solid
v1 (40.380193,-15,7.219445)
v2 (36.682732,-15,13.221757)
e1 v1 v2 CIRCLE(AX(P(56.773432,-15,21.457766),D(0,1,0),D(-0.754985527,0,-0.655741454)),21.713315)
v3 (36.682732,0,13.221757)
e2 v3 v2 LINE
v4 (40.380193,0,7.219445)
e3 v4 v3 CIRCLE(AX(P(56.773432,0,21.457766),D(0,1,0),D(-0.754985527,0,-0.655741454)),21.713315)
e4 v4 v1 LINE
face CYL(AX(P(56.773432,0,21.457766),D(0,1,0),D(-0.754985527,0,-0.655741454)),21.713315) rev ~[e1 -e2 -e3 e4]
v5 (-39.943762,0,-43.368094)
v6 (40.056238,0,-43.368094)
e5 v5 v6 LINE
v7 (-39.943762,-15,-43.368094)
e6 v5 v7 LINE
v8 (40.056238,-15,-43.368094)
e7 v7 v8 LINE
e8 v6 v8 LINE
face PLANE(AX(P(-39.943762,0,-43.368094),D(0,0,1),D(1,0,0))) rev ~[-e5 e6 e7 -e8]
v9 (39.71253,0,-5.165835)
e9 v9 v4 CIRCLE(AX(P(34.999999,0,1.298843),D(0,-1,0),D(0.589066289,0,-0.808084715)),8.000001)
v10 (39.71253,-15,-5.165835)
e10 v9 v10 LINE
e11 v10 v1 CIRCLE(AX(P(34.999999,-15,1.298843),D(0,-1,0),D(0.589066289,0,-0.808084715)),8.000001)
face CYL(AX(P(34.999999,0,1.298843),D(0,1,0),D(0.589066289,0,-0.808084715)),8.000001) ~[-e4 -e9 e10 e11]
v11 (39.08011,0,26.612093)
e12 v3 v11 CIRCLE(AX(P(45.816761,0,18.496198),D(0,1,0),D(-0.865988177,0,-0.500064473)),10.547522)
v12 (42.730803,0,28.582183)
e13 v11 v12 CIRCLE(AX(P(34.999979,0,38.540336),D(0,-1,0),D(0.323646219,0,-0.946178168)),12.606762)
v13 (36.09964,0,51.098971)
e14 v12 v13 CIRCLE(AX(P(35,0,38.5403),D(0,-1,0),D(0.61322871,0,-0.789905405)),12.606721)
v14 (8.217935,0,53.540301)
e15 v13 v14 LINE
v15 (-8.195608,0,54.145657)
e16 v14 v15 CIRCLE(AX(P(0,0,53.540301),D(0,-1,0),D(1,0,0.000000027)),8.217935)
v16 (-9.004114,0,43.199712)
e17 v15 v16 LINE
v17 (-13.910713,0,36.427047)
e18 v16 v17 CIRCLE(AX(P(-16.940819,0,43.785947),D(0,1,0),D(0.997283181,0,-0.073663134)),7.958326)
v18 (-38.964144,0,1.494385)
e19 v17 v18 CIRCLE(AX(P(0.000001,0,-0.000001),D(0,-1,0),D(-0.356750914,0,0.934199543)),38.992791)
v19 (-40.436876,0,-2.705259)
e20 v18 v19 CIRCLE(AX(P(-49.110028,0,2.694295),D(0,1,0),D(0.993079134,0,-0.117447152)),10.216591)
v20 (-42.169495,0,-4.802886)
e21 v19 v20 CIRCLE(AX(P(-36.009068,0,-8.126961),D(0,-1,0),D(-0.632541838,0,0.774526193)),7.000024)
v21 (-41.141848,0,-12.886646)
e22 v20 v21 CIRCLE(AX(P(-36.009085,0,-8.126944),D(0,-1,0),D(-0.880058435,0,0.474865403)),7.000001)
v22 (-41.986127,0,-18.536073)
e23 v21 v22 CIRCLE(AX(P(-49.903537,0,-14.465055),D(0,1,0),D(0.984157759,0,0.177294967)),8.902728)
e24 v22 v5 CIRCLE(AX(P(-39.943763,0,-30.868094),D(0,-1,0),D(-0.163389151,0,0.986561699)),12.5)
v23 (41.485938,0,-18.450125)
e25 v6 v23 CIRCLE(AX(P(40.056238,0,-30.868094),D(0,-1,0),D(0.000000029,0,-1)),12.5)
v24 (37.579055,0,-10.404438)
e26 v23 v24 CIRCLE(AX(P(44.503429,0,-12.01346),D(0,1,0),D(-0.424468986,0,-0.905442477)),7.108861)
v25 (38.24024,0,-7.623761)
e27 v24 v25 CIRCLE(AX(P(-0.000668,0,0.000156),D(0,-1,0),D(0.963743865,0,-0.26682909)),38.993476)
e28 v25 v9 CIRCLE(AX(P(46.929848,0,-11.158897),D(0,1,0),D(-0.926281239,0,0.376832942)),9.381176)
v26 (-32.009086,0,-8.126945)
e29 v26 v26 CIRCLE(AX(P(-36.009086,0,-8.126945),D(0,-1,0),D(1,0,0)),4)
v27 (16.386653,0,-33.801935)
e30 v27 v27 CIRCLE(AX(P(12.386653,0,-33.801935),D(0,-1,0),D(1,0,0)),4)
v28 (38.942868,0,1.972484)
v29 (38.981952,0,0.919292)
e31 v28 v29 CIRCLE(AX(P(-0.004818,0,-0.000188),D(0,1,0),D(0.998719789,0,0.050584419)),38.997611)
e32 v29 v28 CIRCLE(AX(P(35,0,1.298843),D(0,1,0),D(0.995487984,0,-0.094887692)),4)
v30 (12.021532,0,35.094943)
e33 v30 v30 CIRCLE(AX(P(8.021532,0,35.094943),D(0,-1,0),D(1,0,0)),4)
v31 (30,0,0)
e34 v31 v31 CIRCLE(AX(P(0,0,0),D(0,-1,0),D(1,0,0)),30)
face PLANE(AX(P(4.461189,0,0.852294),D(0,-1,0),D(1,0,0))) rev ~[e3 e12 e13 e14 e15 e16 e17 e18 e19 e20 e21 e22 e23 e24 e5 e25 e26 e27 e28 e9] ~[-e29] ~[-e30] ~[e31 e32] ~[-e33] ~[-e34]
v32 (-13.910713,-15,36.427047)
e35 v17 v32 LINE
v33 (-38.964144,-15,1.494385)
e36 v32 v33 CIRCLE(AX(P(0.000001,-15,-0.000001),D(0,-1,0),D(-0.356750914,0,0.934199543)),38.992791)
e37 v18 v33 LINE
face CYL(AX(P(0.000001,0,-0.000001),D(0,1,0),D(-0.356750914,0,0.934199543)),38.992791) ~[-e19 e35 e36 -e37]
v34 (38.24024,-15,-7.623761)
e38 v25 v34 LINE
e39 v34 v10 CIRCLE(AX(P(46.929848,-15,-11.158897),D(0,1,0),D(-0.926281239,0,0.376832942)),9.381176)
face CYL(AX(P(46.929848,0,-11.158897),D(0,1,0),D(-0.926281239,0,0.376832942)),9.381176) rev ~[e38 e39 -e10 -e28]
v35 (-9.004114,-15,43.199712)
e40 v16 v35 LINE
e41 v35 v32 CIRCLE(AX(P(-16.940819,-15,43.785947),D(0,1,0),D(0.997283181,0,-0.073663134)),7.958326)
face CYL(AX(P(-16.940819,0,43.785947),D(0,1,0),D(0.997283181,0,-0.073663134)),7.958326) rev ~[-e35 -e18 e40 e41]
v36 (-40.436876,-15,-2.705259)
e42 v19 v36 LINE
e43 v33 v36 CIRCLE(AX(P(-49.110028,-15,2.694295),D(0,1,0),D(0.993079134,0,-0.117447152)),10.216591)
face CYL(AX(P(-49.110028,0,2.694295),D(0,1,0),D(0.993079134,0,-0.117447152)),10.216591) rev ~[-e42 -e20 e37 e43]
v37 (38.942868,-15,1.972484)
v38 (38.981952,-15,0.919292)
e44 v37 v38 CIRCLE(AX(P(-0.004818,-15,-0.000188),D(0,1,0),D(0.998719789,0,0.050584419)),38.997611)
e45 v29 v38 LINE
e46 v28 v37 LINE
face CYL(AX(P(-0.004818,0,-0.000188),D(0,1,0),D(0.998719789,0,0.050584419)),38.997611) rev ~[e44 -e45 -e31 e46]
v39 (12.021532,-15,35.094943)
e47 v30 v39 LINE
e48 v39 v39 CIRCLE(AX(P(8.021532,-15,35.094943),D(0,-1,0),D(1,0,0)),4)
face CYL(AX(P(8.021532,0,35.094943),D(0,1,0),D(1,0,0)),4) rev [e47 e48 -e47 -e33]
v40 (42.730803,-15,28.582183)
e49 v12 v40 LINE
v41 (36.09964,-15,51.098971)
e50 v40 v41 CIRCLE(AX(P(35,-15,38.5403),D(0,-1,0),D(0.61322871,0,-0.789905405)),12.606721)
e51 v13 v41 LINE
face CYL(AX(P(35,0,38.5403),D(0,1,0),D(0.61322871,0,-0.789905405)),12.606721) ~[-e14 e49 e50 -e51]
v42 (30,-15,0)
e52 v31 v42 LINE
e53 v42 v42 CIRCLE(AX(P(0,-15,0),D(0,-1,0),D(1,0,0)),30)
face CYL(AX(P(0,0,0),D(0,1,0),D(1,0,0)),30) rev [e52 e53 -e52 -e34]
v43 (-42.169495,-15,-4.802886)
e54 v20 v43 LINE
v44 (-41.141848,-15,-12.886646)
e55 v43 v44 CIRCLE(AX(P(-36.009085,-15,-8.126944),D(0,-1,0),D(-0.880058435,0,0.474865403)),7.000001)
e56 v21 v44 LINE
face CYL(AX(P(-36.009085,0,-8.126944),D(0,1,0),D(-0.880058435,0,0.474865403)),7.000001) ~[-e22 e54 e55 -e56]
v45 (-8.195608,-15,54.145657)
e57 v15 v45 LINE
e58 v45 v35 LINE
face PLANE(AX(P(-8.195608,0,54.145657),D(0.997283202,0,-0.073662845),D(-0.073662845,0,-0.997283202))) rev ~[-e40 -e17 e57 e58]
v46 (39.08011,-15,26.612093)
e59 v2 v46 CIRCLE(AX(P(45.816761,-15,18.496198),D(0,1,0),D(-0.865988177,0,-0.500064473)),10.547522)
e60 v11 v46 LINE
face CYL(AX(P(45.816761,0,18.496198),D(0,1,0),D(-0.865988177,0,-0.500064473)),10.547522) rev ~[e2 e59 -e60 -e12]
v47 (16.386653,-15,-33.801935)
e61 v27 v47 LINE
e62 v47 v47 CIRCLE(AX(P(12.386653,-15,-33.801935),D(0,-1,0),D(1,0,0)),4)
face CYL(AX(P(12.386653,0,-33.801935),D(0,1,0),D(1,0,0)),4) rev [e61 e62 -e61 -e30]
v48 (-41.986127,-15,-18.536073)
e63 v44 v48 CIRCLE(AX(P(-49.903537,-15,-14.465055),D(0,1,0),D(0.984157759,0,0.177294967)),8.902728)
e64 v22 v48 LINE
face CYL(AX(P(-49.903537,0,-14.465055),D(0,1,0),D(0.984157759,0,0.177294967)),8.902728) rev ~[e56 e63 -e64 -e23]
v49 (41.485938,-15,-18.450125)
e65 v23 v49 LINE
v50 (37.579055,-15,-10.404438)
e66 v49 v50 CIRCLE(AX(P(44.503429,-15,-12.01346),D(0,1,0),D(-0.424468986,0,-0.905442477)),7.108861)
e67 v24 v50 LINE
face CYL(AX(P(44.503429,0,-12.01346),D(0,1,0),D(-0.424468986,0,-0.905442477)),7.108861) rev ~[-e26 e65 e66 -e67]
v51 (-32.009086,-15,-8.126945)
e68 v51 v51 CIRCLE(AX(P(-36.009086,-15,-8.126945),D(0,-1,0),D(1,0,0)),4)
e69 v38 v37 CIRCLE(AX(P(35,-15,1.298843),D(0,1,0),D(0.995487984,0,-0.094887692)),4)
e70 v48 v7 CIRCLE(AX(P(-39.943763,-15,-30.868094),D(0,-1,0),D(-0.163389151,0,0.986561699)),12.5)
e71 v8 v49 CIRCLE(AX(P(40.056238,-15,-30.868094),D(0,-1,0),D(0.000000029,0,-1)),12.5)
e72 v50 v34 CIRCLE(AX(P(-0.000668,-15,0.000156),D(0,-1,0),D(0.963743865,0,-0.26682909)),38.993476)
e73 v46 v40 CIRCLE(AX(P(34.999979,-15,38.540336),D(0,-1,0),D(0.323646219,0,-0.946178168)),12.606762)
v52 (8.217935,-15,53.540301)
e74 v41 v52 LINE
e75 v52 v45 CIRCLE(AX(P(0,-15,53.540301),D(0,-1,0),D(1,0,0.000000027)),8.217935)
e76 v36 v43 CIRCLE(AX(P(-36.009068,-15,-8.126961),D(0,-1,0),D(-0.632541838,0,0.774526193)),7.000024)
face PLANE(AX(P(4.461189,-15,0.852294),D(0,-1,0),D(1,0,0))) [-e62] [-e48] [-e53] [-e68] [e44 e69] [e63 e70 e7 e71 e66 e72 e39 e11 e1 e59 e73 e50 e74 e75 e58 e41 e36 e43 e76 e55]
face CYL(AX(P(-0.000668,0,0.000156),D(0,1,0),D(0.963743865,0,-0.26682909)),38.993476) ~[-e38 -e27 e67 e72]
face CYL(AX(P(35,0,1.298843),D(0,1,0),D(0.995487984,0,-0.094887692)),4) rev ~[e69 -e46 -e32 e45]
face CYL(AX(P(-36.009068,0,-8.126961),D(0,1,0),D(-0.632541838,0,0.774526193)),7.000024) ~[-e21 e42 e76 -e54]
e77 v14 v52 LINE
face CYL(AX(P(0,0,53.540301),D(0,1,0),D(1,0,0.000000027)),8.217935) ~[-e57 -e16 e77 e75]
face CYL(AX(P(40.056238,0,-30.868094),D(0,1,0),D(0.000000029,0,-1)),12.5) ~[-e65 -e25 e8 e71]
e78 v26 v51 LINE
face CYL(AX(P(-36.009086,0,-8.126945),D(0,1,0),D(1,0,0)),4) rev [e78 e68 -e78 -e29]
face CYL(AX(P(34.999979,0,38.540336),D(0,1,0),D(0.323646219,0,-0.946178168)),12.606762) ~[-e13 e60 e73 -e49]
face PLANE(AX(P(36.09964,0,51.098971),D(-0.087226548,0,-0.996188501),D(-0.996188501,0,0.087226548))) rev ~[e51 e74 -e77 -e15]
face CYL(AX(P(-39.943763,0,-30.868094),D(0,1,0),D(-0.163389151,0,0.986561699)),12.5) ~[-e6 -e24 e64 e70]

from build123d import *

# Parameters (mm, degrees)
F0_R     = 4
F0_R_2   = 30
F1_DEPTH = 15


with BuildPart() as f1:
    # F0 (on Front) → F1 (new body)
    with BuildSketch(Plane.XZ):
        with BuildLine():
            ThreePointArc((-9.004114, 43.199712), (-10.496055, 39.116903), (-13.910713, 36.427047))
            ThreePointArc((-13.910713, 36.427047), (-31.686122, 22.725038), (-38.964144, 1.494385))
            ThreePointArc((-38.964144, 1.494385), (-39.469059, -0.686602), (-40.436876, -2.705259))
            ThreePointArc((-40.436876, -2.705259), (-41.233049, -3.812005), (-42.169495, -4.802886))
            ThreePointArc((-42.169495, -4.802886), (-42.9532, -9.009714), (-41.141848, -12.886646))
            ThreePointArc((-41.141848, -12.886646), (-41.09859, -15.780911), (-41.986127, -18.536073))
            ThreePointArc((-41.986127, -18.536073), (-52.401697, -31.892725), (-39.943762, -43.368094))
            Line((-39.943762, -43.368094), (40.056238, -43.368094))
            ThreePointArc((40.056238, -43.368094), (52.535713, -31.58412), (41.485938, -18.450125))
            ThreePointArc((41.485938, -18.450125), (38.108631, -15.118692), (37.579055, -10.404438))
            ThreePointArc((37.579055, -10.404438), (37.935134, -9.020159), (38.24024, -7.623761))
            ThreePointArc((38.24024, -7.623761), (38.881996, -6.338259), (39.71253, -5.165835))
            ThreePointArc((39.71253, -5.165835), (42.988401, 0.868206), (40.380193, 7.219445))
            ThreePointArc((40.380193, 7.219445), (38.286237, 10.06954), (36.682732, 13.221757))
            ThreePointArc((36.682732, 13.221757), (35.434329, 20.355047), (39.08011, 26.612093))
            ThreePointArc((39.08011, 26.612093), (40.807647, 27.778386), (42.730803, 28.582183))
            ThreePointArc((42.730803, 28.582183), (47.093205, 42.101733), (36.09964, 51.098971))
            Line((36.09964, 51.098971), (8.217935, 53.540301))
            ThreePointArc((8.217935, 53.540301), (0.302884, 61.752652), (-8.195608, 54.145657))
            Line((-8.195608, 54.145657), (-9.004114, 43.199712))
        make_face()
        with Locations((-36.009086, -8.126945)):
            Circle(F0_R, mode=Mode.SUBTRACT)
        Circle(F0_R_2, mode=Mode.SUBTRACT)
        with Locations((12.386653, -33.801935)):
            Circle(F0_R, mode=Mode.SUBTRACT)
        with BuildLine():
            ThreePointArc((38.981952, 0.919292), (31.002751, 1.150506), (38.942868, 1.972484))
            ThreePointArc((38.942868, 1.972484), (38.965968, 1.44602), (38.981952, 0.919292))
        make_face(mode=Mode.SUBTRACT)
        with Locations((8.021532, 35.094943)):
            Circle(F0_R, mode=Mode.SUBTRACT)
        with BuildLine():
            ThreePointArc((-42.169495, -4.802886), (-41.233049, -3.812005), (-40.436876, -2.705259))
            ThreePointArc((-40.436876, -2.705259), (-41.406076, -3.669087), (-42.169495, -4.802886))
        make_face()
        with BuildLine():
            ThreePointArc((39.08011, 26.612093), (40.987047, 27.445947), (42.730803, 28.582183))
            ThreePointArc((42.730803, 28.582183), (40.807647, 27.778386), (39.08011, 26.612093))
        make_face()
    extrude(amount=F1_DEPTH)


solid = f1.part
